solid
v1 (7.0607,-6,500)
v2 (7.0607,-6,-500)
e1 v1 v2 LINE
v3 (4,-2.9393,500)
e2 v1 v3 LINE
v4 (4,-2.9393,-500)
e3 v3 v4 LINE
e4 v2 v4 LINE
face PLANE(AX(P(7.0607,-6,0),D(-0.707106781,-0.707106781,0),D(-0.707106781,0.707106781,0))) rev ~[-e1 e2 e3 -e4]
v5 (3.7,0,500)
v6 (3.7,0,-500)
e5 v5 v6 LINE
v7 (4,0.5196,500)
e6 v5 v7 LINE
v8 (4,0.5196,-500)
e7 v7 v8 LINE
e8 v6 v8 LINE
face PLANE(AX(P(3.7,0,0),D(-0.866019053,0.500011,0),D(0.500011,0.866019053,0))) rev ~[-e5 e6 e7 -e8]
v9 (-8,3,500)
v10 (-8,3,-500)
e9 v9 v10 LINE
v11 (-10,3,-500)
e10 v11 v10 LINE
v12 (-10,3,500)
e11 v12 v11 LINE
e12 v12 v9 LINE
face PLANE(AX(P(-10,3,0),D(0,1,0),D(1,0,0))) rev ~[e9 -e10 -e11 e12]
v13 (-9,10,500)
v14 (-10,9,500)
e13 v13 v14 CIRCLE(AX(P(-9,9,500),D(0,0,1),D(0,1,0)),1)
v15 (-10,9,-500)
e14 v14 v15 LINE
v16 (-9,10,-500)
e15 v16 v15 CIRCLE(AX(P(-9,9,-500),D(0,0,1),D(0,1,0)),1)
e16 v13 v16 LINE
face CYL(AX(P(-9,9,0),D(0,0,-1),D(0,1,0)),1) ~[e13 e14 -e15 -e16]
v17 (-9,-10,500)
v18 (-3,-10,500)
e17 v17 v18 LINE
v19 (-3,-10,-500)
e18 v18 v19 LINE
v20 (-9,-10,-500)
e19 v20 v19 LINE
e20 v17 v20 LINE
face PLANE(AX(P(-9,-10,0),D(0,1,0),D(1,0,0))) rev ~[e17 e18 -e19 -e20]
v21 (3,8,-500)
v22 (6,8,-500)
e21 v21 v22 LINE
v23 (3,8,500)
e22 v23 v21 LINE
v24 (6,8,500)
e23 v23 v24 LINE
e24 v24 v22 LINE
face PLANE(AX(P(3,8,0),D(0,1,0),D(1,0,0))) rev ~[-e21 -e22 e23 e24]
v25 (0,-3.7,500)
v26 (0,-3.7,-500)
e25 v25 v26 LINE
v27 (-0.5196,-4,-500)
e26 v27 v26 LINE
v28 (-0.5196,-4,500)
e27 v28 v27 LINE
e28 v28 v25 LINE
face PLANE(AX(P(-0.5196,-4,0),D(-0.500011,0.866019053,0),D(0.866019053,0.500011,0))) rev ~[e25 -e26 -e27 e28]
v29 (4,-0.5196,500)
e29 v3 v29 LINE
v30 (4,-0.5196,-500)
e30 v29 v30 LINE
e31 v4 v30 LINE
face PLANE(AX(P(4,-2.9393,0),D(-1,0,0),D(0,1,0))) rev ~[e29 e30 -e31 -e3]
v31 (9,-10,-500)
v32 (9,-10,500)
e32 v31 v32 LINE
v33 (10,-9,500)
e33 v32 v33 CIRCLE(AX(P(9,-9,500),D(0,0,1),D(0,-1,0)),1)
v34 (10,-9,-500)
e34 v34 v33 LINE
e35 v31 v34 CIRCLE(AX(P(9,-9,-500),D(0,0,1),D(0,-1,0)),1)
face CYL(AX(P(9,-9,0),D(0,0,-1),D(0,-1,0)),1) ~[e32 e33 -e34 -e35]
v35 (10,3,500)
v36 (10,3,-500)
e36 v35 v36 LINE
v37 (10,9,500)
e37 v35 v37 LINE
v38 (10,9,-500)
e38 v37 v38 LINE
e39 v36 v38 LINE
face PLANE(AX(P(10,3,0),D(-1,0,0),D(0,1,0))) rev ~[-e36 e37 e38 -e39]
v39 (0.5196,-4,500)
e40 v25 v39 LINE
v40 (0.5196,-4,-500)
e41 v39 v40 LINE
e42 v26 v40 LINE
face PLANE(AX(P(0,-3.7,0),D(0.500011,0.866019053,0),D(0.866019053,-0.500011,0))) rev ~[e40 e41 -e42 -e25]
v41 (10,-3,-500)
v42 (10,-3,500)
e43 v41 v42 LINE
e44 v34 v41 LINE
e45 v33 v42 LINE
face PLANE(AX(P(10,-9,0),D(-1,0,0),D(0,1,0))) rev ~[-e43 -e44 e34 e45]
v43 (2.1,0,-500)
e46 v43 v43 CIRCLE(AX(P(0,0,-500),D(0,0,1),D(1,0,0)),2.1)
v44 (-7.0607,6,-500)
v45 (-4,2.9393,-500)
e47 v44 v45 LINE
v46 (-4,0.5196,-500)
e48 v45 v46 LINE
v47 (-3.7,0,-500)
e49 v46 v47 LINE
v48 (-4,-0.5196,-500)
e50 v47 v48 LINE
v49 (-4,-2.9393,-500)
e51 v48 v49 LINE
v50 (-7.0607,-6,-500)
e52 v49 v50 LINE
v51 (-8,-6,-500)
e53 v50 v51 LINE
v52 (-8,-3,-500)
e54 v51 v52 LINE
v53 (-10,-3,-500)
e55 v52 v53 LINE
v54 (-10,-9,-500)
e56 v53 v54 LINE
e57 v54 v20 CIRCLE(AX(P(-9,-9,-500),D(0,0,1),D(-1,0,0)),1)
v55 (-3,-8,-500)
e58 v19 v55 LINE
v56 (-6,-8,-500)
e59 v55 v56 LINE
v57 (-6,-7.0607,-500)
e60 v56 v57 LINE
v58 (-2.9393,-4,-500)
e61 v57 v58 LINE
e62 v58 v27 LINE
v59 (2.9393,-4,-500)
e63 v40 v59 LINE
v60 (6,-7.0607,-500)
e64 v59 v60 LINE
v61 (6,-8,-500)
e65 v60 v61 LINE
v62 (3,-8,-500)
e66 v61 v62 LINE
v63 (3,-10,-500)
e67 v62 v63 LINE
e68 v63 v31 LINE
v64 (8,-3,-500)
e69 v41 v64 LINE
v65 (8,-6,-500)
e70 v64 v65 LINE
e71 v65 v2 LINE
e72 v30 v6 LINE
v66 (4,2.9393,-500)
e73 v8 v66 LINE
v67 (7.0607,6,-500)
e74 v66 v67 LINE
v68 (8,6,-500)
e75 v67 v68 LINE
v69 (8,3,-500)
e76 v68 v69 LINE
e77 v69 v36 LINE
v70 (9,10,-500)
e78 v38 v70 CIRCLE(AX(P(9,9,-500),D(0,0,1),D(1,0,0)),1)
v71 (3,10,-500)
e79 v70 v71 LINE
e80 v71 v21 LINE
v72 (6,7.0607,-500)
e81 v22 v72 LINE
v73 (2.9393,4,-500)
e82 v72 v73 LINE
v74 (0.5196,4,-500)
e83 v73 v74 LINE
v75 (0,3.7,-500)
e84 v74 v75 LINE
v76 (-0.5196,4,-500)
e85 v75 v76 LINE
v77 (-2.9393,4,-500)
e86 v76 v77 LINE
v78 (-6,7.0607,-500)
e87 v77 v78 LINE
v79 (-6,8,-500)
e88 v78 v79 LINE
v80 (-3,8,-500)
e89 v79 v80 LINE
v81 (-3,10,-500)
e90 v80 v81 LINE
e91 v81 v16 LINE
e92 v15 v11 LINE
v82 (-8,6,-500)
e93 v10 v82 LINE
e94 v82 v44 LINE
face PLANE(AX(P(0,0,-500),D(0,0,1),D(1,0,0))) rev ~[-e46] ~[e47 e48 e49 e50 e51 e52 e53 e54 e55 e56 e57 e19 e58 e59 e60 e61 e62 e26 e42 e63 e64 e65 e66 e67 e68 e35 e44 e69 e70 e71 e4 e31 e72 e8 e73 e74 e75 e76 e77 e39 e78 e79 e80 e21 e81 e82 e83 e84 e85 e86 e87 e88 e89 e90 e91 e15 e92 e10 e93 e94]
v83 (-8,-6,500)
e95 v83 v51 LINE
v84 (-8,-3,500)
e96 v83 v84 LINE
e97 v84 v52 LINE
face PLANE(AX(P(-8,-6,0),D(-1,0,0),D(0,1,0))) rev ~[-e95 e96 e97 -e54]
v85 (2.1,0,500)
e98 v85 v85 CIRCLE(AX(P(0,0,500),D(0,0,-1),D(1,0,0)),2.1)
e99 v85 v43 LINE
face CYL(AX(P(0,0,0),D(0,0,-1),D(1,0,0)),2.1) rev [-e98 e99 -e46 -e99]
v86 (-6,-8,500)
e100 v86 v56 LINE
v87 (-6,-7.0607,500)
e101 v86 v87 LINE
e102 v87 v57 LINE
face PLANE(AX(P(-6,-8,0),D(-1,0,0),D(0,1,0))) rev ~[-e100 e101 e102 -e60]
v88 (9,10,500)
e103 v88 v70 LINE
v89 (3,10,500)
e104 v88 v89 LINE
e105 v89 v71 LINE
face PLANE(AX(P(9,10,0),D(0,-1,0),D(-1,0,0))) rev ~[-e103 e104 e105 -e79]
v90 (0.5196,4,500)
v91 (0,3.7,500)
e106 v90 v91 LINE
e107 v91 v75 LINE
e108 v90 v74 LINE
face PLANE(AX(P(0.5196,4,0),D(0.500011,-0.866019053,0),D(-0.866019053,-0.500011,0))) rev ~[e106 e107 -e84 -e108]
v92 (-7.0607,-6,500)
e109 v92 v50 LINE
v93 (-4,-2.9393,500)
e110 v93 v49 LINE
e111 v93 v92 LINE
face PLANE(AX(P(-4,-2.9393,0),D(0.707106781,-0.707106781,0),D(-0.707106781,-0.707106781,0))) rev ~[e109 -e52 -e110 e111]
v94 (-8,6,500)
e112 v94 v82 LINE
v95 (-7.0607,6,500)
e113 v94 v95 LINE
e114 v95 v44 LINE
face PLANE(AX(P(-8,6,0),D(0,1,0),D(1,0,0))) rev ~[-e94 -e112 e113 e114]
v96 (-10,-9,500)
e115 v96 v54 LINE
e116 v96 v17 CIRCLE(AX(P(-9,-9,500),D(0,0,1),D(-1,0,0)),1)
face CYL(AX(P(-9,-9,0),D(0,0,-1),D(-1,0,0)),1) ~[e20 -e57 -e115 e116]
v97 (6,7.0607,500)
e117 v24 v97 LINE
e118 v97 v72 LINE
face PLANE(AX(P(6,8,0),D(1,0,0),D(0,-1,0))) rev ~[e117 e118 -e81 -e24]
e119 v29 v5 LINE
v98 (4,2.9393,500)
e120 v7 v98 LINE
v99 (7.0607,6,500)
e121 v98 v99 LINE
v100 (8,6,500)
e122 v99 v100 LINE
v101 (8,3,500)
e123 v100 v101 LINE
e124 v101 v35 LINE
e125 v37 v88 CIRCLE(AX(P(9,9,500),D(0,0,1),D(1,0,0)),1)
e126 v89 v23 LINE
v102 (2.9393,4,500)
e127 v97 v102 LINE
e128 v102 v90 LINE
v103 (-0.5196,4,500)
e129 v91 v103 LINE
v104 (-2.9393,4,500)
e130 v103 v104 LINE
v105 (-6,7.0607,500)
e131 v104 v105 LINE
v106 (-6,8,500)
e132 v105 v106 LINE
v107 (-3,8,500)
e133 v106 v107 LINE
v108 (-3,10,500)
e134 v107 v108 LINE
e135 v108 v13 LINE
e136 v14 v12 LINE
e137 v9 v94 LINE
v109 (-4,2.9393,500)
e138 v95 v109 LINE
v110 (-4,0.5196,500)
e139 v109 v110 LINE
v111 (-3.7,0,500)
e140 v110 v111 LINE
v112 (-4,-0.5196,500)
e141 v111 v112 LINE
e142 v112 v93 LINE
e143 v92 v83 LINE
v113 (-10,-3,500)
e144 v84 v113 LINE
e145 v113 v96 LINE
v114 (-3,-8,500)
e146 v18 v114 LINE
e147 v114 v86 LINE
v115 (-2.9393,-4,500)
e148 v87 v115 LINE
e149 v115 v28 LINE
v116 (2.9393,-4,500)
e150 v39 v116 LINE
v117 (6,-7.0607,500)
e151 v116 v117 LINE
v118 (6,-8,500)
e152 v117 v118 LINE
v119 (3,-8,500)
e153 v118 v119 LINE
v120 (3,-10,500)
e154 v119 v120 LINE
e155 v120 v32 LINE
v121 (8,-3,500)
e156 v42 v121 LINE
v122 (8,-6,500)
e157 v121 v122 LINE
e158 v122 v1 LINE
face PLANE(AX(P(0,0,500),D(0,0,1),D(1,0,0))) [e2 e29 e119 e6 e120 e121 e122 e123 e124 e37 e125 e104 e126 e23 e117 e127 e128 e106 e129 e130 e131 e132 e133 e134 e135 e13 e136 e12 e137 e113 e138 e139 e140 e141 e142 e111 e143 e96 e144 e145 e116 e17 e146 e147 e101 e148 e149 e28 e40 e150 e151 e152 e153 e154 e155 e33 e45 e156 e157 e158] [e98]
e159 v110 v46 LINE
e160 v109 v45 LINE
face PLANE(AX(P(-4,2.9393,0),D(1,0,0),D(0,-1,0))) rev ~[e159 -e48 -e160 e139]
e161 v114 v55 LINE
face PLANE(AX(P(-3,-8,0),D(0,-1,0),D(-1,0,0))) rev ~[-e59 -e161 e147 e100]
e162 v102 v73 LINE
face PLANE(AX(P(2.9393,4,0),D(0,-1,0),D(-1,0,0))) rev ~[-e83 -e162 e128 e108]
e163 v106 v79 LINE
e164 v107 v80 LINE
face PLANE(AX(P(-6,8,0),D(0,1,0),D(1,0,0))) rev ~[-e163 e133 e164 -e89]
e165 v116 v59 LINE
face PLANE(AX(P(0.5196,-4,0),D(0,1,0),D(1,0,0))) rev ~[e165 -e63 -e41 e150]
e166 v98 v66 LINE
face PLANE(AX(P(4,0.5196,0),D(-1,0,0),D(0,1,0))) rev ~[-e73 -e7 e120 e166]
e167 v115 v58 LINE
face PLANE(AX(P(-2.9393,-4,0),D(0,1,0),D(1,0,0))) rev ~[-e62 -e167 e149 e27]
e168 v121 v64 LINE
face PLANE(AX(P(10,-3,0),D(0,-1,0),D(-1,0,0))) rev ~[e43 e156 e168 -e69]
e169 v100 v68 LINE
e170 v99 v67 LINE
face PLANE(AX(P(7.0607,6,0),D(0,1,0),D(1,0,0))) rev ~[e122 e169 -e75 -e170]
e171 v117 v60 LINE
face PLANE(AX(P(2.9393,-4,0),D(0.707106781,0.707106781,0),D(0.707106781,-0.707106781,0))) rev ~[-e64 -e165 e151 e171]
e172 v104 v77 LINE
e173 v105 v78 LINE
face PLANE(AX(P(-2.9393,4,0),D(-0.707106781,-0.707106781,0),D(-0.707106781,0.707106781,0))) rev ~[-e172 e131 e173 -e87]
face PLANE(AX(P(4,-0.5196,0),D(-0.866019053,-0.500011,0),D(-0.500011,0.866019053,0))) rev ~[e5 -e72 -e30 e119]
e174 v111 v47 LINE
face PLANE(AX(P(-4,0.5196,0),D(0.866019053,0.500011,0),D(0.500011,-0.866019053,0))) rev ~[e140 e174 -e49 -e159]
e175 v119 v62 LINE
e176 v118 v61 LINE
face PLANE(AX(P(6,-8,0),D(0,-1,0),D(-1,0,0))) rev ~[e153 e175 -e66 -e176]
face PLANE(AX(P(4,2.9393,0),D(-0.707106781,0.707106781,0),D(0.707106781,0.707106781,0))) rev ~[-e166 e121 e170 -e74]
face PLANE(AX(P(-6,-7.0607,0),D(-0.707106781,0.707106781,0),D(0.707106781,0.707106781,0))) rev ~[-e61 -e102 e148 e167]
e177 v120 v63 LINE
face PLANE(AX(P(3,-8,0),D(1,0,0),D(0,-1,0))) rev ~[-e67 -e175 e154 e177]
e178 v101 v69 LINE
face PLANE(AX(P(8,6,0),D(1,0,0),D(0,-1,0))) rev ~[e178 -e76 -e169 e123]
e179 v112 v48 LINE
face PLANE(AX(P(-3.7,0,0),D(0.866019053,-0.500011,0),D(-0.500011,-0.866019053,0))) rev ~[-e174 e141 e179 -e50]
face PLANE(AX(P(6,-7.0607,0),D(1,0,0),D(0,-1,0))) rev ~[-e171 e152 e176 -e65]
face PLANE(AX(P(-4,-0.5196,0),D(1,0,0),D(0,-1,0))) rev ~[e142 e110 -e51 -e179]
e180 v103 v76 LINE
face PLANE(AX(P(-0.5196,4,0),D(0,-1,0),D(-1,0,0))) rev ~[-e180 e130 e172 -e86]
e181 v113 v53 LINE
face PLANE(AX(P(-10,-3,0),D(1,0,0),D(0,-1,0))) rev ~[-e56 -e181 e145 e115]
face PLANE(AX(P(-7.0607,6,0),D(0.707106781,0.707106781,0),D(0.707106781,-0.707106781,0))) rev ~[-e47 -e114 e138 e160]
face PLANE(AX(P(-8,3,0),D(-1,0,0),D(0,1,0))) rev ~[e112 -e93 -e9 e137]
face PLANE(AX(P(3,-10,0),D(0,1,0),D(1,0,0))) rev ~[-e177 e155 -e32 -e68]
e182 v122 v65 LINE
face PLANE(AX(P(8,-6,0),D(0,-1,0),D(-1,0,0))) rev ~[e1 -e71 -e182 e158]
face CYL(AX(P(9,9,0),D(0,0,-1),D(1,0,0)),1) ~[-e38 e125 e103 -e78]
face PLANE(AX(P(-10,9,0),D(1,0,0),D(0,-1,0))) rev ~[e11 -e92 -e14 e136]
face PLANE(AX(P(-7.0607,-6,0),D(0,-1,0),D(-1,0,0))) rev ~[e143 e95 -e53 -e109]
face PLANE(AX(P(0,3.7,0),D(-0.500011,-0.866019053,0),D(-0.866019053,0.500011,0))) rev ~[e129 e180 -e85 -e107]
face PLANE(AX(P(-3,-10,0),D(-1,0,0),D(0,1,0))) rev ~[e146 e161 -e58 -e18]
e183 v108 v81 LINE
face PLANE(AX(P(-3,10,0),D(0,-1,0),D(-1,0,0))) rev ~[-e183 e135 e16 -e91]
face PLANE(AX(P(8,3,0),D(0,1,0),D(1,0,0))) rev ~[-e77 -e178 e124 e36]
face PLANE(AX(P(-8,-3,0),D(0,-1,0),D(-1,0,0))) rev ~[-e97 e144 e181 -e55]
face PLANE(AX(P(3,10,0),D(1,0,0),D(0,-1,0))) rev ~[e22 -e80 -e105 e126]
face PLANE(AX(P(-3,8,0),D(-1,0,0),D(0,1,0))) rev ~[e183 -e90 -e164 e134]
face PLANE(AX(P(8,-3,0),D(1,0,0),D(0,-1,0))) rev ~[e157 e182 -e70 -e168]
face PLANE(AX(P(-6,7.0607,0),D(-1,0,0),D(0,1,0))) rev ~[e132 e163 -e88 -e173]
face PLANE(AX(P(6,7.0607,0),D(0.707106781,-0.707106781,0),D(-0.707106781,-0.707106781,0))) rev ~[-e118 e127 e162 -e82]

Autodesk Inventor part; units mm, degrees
ref_plane "YZ Plane" through (0, 0, 0) normal (1, 0, 0) x (0, 1, 0)
ref_plane "XZ Plane" through (0, 0, 0) normal (0, 1, 0) x (-1, 0, 0)
ref_plane "XY Plane" through (0, 0, 0) normal (0, 0, 1) x (1, 0, 0)
sketch "Sketch1" plane through (0, 0, 0) normal (0, 0, 1) x (1, 0, 0)
  line L0 (-2.205, 0) -> (2.205, 0)
  line L1 (0, -2.205) -> (0, 2.205)
  arc A0 (9, -10) -> (10, -9) centre (9, -9) ccw
  line L2 (-10, 9) -> (-10, 3)
  line L3 (-10, 3) -> (-8, 3)
  line L4 (-8, 3) -> (-8, 6)
  line L5 (-8, 6) -> (-7.0607, 6)
  line L6 (-7.0607, 6) -> (-4, 2.9393)
  line L7 (-4, 2.9393) -> (-4, 0.5196)
  line L8 (-4, 0.5196) -> (-3.7, 0)
  line L9 (-3.7, 0) -> (-4, -0.5196)
  line L10 (-4, -0.5196) -> (-4, -2.9393)
  line L11 (-4, -2.9393) -> (-7.0607, -6)
  line L12 (-7.0607, -6) -> (-8, -6)
  line L13 (-8, -6) -> (-8, -3)
  line L14 (-8, -3) -> (-10, -3)
  line L15 (-10, -3) -> (-10, -9)
  arc A1 (-10, -9) -> (-9, -10) centre (-9, -9) ccw
  line L16 (-9, -10) -> (-3, -10)
  line L17 (-3, -10) -> (-3, -8)
  line L18 (-3, -8) -> (-6, -8)
  line L19 (-6, -7.0607) -> (-2.9393, -4)
  line L20 (-2.9393, -4) -> (-0.5196, -4)
  line L21 (-0.5196, -4) -> (0, -3.7)
  line L22 (0, -3.7) -> (0.5196, -4)
  line L23 (0.5196, -4) -> (2.9393, -4)
  line L24 (2.9393, -4) -> (6, -7.0607)
  line L25 (6, -7.0607) -> (6, -8)
  line L26 (6, -8) -> (3, -8)
  line L27 (3, -8) -> (3, -10)
  line L28 (3, -10) -> (9, -10)
  line L29 (10, -9) -> (10, -3)
  line L30 (10, -3) -> (8, -3)
  line L31 (8, -3) -> (8, -6)
  line L32 (8, -6) -> (7.0607, -6)
  line L33 (7.0607, -6) -> (4, -2.9393)
  line L34 (4, -2.9393) -> (4, -0.5196)
  line L35 (4, -0.5196) -> (3.7, 0)
  line L36 (3.7, 0) -> (4, 0.5196)
  line L37 (4, 0.5196) -> (4, 2.9393)
  line L38 (4, 2.9393) -> (7.0607, 6)
  line L39 (7.0607, 6) -> (8, 6)
  line L40 (8, 6) -> (8, 3)
  line L41 (8, 3) -> (10, 3)
  line L42 (10, 3) -> (10, 9)
  arc A2 (10, 9) -> (9, 10) centre (9, 9) ccw
  line L43 (9, 10) -> (3, 10)
  line L44 (3, 10) -> (3, 8)
  line L45 (3, 8) -> (6, 8)
  line L46 (6, 8) -> (6, 7.0607)
  line L47 (6, 7.0607) -> (2.9393, 4)
  line L48 (2.9393, 4) -> (0.5196, 4)
  line L49 (0.5196, 4) -> (0, 3.7)
  line L50 (0, 3.7) -> (-0.5196, 4)
  line L51 (-0.5196, 4) -> (-2.9393, 4)
  line L52 (-2.9393, 4) -> (-6, 7.0607)
  line L53 (-6, 7.0607) -> (-6, 8)
  line L54 (-6, 8) -> (-3, 8)
  line L55 (-3, 8) -> (-3, 10)
  line L56 (-3, 10) -> (-9, 10)
  arc A3 (-9, 10) -> (-10, 9) centre (-9, 9) ccw
  circle A4 centre (0, 0) radius 2.1
  line L57 (-6, -8) -> (-6, -7.0607)
extrude "Extrusion1" add sketch "Sketch1" along normal mid plane 1000
equation "\"d0\" = depth"
equation "\"depth\" = 1000"
equation "\"acrylicThickness\" = 3.125"
properties part number "HFS5-2020" material "Aluminum 6061"
